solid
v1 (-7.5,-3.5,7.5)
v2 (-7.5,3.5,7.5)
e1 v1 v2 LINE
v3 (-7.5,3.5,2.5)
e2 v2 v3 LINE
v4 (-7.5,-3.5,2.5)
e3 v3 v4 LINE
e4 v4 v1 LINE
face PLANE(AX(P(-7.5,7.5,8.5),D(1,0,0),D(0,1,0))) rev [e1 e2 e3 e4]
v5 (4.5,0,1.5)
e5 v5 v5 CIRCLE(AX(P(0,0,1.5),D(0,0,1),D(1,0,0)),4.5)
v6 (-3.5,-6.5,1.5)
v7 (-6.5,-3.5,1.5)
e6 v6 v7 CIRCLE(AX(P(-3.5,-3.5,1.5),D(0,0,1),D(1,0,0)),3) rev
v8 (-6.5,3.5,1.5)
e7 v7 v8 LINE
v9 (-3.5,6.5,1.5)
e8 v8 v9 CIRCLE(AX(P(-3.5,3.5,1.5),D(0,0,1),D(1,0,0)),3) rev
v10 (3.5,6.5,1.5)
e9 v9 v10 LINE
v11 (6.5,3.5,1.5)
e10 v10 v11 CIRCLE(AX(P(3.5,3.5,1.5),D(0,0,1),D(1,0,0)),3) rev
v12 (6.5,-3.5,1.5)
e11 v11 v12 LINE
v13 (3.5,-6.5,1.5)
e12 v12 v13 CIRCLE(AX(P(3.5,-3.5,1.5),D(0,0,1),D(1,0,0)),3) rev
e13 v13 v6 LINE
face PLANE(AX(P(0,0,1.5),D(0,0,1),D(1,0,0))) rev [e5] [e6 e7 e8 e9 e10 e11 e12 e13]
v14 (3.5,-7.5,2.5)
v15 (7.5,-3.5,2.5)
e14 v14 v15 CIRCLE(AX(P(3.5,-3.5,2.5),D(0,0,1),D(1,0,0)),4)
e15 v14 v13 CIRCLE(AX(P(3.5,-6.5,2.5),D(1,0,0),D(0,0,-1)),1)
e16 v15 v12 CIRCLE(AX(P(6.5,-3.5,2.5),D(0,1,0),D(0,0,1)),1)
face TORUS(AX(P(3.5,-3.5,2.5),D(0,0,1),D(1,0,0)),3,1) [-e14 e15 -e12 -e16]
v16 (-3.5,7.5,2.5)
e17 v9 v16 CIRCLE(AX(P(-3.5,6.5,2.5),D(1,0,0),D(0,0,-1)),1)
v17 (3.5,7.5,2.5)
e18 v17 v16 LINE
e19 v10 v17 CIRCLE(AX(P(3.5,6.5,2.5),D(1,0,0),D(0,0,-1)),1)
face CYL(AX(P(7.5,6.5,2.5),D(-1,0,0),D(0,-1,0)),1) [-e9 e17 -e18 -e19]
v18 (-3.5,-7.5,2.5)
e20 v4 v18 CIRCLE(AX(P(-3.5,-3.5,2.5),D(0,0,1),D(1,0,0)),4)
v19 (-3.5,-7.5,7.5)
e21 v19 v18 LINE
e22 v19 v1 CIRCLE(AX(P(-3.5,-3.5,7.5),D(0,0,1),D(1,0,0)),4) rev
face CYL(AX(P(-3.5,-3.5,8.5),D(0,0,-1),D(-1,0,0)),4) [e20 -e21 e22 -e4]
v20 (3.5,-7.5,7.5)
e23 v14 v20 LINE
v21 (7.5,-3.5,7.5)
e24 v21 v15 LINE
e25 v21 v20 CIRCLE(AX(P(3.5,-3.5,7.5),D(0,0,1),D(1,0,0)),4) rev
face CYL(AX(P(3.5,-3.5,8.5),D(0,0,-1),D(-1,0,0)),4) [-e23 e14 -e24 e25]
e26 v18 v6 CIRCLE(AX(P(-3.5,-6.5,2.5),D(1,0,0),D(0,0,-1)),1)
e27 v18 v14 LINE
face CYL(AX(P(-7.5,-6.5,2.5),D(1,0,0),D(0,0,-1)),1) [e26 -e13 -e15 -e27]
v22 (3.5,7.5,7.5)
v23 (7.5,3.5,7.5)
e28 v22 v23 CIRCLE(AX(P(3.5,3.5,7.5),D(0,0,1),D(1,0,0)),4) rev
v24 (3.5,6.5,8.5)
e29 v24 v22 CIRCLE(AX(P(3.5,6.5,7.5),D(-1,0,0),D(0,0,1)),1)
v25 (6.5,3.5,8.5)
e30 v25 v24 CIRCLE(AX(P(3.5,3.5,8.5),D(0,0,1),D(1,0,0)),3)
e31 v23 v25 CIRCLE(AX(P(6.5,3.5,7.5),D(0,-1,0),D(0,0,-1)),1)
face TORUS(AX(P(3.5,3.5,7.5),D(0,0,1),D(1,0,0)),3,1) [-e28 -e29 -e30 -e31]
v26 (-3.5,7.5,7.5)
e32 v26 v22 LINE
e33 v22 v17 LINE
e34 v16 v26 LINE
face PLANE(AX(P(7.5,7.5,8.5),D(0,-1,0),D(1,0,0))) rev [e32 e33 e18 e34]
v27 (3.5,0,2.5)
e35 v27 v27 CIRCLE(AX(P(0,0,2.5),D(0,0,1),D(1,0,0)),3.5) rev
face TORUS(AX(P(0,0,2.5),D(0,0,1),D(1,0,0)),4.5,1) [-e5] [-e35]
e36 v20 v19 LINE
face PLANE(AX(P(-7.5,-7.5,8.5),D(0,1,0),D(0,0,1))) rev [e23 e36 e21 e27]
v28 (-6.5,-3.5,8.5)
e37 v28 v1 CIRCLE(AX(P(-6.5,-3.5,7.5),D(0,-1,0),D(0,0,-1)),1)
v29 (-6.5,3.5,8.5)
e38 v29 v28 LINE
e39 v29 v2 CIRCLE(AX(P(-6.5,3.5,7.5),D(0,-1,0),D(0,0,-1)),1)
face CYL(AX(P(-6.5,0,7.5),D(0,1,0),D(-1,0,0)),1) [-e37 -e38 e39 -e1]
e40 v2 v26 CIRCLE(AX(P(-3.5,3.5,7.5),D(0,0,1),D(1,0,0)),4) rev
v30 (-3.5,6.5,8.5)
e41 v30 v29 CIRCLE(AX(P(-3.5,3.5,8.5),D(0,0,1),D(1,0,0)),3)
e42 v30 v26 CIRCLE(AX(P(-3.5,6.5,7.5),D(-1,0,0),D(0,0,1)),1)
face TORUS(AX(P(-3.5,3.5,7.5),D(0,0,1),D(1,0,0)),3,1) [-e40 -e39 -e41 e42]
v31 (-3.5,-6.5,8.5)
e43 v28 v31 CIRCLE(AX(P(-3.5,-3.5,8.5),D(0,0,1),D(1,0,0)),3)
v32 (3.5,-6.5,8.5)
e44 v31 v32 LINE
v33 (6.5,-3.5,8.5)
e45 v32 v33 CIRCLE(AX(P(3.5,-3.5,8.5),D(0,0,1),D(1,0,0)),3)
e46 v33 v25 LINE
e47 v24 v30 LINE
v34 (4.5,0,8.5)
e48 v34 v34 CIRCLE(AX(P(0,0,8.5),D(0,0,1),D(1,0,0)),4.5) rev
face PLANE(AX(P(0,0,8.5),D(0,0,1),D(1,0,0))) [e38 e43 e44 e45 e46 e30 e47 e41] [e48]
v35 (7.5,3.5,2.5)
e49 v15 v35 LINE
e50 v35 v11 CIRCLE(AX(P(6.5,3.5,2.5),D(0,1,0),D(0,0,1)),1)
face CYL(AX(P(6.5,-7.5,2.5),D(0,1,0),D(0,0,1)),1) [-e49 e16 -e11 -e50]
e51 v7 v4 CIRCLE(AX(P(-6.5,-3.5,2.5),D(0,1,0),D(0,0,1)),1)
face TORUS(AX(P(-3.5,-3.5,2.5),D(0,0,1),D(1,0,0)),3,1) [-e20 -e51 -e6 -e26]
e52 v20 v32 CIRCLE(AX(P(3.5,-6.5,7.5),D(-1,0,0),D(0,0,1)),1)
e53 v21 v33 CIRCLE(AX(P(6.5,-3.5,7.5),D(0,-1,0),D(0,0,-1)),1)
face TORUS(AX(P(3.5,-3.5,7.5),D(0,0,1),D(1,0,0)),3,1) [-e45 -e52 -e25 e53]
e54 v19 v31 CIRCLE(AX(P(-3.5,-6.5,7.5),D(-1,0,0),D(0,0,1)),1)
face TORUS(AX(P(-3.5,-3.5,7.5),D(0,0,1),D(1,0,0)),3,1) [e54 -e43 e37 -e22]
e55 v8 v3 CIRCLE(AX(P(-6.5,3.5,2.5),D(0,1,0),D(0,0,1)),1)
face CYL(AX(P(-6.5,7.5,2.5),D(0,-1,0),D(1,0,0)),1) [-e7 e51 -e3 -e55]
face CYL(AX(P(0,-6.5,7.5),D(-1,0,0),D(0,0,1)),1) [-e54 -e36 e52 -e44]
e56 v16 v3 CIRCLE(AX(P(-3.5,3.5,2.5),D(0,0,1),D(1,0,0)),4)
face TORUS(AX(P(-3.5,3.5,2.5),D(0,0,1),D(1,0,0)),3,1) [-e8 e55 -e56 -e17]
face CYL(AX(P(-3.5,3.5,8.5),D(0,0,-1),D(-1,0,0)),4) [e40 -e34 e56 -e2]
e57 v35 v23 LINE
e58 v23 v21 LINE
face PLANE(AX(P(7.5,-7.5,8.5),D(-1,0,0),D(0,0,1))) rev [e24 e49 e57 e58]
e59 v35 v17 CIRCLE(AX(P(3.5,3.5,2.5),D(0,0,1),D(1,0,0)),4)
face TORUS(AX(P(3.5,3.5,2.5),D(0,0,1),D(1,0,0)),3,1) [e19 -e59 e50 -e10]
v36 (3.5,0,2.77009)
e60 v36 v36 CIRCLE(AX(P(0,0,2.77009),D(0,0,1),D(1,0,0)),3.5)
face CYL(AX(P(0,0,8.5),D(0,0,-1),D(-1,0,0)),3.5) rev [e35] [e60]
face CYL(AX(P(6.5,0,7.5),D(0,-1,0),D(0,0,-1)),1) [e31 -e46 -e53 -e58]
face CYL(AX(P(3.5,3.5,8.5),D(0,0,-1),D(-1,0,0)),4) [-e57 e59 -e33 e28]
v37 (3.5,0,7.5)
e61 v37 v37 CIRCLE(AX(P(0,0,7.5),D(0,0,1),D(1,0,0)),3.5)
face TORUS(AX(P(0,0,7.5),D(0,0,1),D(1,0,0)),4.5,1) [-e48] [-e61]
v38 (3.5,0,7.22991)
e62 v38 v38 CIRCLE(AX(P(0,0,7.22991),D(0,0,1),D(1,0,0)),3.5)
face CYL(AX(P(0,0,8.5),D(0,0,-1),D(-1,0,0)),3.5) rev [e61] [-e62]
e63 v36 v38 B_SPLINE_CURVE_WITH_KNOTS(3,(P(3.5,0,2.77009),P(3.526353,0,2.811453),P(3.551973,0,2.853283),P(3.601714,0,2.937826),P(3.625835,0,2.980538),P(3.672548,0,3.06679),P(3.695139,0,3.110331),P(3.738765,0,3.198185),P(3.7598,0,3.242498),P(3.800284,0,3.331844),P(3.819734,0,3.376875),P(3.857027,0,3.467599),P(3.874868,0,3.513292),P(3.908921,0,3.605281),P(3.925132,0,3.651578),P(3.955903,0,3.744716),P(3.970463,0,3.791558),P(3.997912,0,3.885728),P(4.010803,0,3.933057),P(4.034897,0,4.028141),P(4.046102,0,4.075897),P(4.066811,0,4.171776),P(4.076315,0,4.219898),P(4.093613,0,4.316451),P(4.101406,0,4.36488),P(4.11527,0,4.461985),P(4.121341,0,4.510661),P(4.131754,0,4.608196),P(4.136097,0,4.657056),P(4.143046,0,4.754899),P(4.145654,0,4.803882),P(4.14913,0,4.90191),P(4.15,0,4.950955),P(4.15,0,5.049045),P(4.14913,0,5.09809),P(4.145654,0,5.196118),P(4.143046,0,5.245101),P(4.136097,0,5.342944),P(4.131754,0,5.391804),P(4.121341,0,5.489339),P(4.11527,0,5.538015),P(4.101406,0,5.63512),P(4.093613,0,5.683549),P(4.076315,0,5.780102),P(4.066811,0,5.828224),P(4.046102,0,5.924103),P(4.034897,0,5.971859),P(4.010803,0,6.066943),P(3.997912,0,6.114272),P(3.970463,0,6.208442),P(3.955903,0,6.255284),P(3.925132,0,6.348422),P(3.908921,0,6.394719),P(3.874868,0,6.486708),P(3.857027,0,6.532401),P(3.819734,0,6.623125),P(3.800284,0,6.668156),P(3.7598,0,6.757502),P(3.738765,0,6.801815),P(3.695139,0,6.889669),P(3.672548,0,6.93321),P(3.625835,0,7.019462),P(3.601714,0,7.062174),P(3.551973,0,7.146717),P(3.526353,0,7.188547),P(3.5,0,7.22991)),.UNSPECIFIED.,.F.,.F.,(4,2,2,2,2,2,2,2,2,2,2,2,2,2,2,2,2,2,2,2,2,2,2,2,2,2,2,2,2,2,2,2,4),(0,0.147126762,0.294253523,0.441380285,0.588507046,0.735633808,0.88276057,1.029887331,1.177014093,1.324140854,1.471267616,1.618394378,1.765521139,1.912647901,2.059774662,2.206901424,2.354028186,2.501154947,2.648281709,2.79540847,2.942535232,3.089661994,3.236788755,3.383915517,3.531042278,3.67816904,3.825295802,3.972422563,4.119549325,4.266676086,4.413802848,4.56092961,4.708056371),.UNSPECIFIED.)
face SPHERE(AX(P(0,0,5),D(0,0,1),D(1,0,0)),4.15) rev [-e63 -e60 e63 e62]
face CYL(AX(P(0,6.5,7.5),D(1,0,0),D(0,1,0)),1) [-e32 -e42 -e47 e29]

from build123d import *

# Parameters (mm, degrees)
BOSS_EXTRUDE1_DEPTH      = 3.5
BOSS_EXTRUDE1_DEPTH_BACK = 3.5
SKETCH1_W                = 15
SKETCH1_H                = 15
SKETCH1_R                = 3.5
FILLET1_R                = 4
FILLET2_R                = 1


with BuildPart() as part:
    # Sketch1 → Boss-Extrude1 (new, two sides: drawn at the far end of the back side and taken through both)
    with BuildSketch(Plane.XY.offset(5).offset(-BOSS_EXTRUDE1_DEPTH_BACK)):
        Rectangle(SKETCH1_W, SKETCH1_H)
        Circle(SKETCH1_R, mode=Mode.SUBTRACT)
    extrude(amount=BOSS_EXTRUDE1_DEPTH + BOSS_EXTRUDE1_DEPTH_BACK)

    # Sketch2 → Cut-Revolve1 (revolve, cut)
    with BuildSketch(Plane(origin=(0, 0, 0), x_dir=(1, 0, 0), z_dir=(0, 1, 0))):
        with BuildLine():
            Line((3.5, -2.770089688), (3.5, -7.229910312))
            ThreePointArc((3.5, -7.229910312), (4.15, -5), (3.5, -2.770089688))
        make_face()
    revolve(axis=Axis((0, 0, 1.5), (0, 0, 1)), mode=Mode.SUBTRACT)

    # Fillet1
    fillet1_edges = [part.edges().sort_by_distance(p)[0] for p in [
        (-7.5, 7.5, 5),
        (-7.5, -7.5, 5),
        (7.5, 7.5, 5),
        (7.5, -7.5, 5),
    ]]
    fillet(fillet1_edges, radius=FILLET1_R)

    # Fillet2
    fillet2_edges = [part.edges().sort_by_distance(p)[0] for p in [
        (-3.5, 0, 8.5),
        (-6.328427125, -6.328427125, 8.5),
        (-7.5, 0, 8.5),
        (-6.328427125, 6.328427125, 8.5),
        (0, 7.5, 8.5),
        (6.328427125, 6.328427125, 8.5),
        (7.5, 0, 8.5),
        (6.328427125, -6.328427125, 8.5),
        (0, -7.5, 8.5),
        (6.328427125, 6.328427125, 1.5),
        (0, 7.5, 1.5),
        (-6.328427125, 6.328427125, 1.5),
        (-7.5, 0, 1.5),
        (-6.328427125, -6.328427125, 1.5),
        (0, -7.5, 1.5),
        (6.328427125, -6.328427125, 1.5),
        (7.5, 0, 1.5),
        (-3.5, 0, 1.5),
    ]]
    fillet(fillet2_edges, radius=FILLET2_R)


solid = part.part
